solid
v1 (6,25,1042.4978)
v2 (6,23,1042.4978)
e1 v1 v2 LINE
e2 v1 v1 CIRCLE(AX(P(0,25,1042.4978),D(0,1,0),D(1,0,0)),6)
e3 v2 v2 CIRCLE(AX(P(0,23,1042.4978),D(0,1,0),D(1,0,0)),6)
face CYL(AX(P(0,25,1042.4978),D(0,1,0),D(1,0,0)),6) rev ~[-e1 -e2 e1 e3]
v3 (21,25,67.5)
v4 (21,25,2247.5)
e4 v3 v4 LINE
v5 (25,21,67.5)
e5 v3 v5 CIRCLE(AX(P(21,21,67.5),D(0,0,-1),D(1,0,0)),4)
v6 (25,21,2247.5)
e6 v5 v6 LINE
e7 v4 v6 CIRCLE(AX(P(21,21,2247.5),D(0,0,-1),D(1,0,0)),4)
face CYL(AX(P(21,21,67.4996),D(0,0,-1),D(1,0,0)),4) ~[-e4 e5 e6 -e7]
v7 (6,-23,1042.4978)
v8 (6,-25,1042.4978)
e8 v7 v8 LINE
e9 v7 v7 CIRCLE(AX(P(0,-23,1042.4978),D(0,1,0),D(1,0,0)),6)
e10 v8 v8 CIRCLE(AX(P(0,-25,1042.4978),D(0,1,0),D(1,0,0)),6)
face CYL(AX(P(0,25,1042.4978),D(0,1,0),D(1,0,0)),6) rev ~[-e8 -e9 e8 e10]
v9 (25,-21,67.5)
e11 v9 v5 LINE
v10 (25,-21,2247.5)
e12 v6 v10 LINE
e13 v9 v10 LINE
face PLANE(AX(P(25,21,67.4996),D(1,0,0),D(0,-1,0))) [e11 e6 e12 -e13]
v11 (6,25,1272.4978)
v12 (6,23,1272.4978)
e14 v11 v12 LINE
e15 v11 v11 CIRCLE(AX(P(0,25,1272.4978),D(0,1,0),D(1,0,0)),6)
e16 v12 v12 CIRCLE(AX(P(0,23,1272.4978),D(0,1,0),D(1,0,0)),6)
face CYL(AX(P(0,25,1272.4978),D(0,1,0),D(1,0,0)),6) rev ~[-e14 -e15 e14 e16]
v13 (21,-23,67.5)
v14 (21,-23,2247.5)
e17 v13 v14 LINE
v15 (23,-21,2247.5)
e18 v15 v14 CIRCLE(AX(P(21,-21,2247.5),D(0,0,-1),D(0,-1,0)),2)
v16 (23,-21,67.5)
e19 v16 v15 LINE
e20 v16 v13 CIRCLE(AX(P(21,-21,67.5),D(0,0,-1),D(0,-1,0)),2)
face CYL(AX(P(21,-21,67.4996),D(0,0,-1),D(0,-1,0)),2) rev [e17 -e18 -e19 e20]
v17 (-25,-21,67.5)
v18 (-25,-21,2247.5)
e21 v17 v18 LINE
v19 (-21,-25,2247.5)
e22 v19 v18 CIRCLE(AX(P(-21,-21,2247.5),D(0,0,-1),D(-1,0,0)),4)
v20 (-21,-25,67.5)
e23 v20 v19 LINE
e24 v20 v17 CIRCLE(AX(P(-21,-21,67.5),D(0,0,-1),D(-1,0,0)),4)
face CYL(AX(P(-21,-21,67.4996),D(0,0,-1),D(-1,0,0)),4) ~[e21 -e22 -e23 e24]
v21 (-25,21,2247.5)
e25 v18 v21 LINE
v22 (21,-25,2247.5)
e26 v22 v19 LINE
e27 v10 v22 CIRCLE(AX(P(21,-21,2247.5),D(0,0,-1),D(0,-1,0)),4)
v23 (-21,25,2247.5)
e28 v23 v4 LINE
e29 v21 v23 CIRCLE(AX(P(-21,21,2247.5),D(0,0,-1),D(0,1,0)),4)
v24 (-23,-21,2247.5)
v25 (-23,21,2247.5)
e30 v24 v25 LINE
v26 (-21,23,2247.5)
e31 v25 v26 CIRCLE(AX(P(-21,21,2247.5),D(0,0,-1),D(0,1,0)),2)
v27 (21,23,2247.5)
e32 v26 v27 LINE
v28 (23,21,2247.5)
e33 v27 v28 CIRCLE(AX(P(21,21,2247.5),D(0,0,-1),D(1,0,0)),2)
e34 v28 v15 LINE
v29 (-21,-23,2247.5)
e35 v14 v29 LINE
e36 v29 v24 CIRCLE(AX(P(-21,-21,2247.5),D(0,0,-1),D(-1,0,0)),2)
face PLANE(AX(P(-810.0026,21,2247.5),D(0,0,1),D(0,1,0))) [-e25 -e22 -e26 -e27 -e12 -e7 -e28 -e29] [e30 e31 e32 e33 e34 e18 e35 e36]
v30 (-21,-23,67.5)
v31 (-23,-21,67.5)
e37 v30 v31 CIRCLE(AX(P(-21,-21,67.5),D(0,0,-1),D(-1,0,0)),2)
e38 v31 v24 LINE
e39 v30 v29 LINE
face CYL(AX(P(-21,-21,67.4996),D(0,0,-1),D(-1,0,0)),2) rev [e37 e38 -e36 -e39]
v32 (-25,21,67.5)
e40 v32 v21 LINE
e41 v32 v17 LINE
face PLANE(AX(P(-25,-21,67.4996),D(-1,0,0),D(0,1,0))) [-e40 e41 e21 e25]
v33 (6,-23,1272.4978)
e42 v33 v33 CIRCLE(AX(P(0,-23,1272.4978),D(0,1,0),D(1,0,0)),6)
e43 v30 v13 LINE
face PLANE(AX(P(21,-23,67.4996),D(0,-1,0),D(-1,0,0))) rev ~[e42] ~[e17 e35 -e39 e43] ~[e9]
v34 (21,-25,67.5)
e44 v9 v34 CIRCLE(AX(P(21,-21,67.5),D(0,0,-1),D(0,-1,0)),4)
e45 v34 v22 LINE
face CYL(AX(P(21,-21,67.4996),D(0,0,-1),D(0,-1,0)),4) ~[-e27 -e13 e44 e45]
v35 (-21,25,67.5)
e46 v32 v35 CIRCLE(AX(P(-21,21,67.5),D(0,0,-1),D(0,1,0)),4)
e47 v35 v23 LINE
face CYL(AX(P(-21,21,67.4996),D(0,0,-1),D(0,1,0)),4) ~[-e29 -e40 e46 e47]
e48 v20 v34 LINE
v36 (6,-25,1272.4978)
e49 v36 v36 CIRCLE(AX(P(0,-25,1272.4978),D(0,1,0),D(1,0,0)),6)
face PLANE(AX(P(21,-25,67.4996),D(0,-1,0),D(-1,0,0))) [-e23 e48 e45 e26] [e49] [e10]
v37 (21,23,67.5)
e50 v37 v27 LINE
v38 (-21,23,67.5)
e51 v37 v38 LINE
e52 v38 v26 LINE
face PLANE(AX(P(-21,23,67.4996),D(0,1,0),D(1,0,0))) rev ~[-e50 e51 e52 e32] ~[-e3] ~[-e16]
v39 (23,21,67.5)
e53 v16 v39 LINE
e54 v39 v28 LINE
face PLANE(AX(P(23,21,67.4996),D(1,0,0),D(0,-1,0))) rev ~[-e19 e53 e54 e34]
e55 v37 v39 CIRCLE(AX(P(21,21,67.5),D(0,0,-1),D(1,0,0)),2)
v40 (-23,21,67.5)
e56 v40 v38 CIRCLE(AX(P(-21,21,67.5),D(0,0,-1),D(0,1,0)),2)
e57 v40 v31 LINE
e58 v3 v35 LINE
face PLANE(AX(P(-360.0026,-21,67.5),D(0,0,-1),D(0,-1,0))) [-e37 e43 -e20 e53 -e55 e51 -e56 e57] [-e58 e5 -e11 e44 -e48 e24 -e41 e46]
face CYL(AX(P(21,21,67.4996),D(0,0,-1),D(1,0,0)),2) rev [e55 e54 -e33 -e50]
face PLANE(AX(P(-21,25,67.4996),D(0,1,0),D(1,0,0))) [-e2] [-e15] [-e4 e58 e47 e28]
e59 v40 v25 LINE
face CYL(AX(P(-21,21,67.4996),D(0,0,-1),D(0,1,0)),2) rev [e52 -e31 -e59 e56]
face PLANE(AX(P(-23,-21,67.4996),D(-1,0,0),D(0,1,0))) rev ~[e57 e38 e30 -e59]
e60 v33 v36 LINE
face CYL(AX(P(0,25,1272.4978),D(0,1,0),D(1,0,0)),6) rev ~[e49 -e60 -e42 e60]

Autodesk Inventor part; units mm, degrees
ref_plane "Start Plane" through (0, 0, 67.4996) normal (0, 0, 1) x (1, 0, 0)
ref_plane "End Plane" through (0, 0, 2247.5004) normal (0, 0, 1) x (1, 0, 0)
sketch "Sketch" plane through (0, 0, 0) normal (0, 0, 1) x (1, 0, 0)
  line L0 (-25, -21) -> (-25, 21)
  line L1 (-21, 25) -> (21, 25)
  line L2 (25, 21) -> (25, -21)
  line L3 (21, -25) -> (-21, -25)
  arc A0 (-25, -21) -> (-21, -25) centre (-21, -21) ccw
  arc A1 (25, 21) -> (21, 25) centre (21, 21) ccw
  arc A2 (-21, 25) -> (-25, 21) centre (-21, 21) ccw
  arc A3 (21, -25) -> (25, -21) centre (21, -21) ccw
  arc A4 (-21, 23) -> (-23, 21) centre (-21, 21) ccw
  line L4 (-21, 23) -> (21, 23)
  arc A5 (23, 21) -> (21, 23) centre (21, 21) ccw
  line L5 (23, 21) -> (23, -21)
  arc A6 (21, -23) -> (23, -21) centre (21, -21) ccw
  line L6 (21, -23) -> (-21, -23)
  arc A7 (-23, -21) -> (-21, -23) centre (-21, -21) ccw
  line L7 (-23, -21) -> (-23, 21)
  line L8 (0, 36.1598) -> (0, -36.1598) construction
  line L9 (-36.1598, 0) -> (36.1598, 0) construction
  dimension "d7" = 4
  dimension "d9" = 50
  dimension "d11" = 50
  dimension "d12" = 2
  dimension "d15" = 25
  dimension "d16" = 25
extrude "Body" add sketch "Sketch" along normal up to surface (2180.0008 mm away) from surface at 67.4996
sketch "Sketch3" plane through (0, 0, 0) normal (0, 0, 1) x (1, 0, 0)
  line L0 (0, 0) -> (10, 0)
ref_plane "Work Plane3" through (0, 0, 0) normal (0, -1, 0) x (1, 0, 0)
sketch "Sketch4" plane through (0, 0, 0) normal (0, -1, 0) x (1, 0, 0)
  line L0 (-2, 67.4996) -> (12, 67.4996)
  line L1 (-2, 2247.5004) -> (12, 2247.5004)
  dimension "d18" = 2180.0008
ref_plane "Work Plane4" through (-360.0026, 21, 2287.5) normal (0, 0, 1) x (1, 0, 0)
split "Split1" plane through (-360.0026, 21, 2287.5) removes the side toward (0, 0, 1)
ref_plane "Work Plane5" through (-360.0026, -21, 27.5) normal (0, 0, -1) x (-1, 0, 0)
split "Split2" plane through (-360.0026, -21, 27.5) removes the side toward (0, 0, -1)
sketch "Sketch5" plane through (21, 25, 2247.5004) normal (0, 1, 0) x (1, 0, 0)
  circle A0 centre (-21, 975.0026) radius 6
  circle A1 centre (-21, 1205.0026) radius 6
  line L0 (-42, 0) -> (0, 0) projected
  line L1 (0, 2180.0008) -> (0, 0) projected
  line L2 (-42, 2180.0008) -> (0, 2180.0008) projected
  line L3 (-42, 2180.0008) -> (-42, 0) projected
  line L4 (-44, 2180.0008) -> (-44, 0) projected
  line L5 (0, 2180.0008) -> (0, 0) projected
  line L6 (0, 1090.0004) -> (-42, 1090.0004)
  point P0 (-21, 2247.5004)
  dimension "d22" = 12
  dimension "d23" = 12
  dimension "d24" = 230
  dimension "d25" = 21
  dimension "d26" = 21
extrude "Extrusion2" cut sketch "Sketch5" against normal through all contours A0 | A1
ref_plane "Work Plane6" through (-360.0026, -21, 67.5) normal (0, 0, -1) x (-1, 0, 0)
split "Split3" plane through (-360.0026, -21, 67.5) removes the side toward (0, 0, -1)
ref_plane "Work Plane7" through (-810.0026, 21, 2247.5) normal (0, 0, 1) x (1, 0, 0)
split "Split4" plane through (-810.0026, 21, 2247.5) removes the side toward (0, 0, 1)
equation "\"d7\" = G_IR"
equation "\"d9\" = G_W"
equation "\"d11\" = G_H"
equation "\"d12\" = G_T"
equation "\"d15\" = 0.5 * d9"
equation "\"d16\" = 0.5 * d11"
equation "\"d3\" = G_L"
equation "\"G_W\" = 50"
equation "\"G_H\" = 50"
equation "\"G_T\" = 2"
equation "\"G_IR\" = 4"
equation "\"G_L\" = d18"
equation "\"G_OFFSET_START\" = -67.49959"
equation "\"G_OFFSET_END\" = -67.49962"
equation "\"d13\" = -G_OFFSET_START"
equation "\"d14\" = G_OFFSET_END + B_L"
equation "\"B_L\" = 2315"
properties part number "ISO 10799-2 - 50x50x2 - 2180" material "Steel, Galvanized"
